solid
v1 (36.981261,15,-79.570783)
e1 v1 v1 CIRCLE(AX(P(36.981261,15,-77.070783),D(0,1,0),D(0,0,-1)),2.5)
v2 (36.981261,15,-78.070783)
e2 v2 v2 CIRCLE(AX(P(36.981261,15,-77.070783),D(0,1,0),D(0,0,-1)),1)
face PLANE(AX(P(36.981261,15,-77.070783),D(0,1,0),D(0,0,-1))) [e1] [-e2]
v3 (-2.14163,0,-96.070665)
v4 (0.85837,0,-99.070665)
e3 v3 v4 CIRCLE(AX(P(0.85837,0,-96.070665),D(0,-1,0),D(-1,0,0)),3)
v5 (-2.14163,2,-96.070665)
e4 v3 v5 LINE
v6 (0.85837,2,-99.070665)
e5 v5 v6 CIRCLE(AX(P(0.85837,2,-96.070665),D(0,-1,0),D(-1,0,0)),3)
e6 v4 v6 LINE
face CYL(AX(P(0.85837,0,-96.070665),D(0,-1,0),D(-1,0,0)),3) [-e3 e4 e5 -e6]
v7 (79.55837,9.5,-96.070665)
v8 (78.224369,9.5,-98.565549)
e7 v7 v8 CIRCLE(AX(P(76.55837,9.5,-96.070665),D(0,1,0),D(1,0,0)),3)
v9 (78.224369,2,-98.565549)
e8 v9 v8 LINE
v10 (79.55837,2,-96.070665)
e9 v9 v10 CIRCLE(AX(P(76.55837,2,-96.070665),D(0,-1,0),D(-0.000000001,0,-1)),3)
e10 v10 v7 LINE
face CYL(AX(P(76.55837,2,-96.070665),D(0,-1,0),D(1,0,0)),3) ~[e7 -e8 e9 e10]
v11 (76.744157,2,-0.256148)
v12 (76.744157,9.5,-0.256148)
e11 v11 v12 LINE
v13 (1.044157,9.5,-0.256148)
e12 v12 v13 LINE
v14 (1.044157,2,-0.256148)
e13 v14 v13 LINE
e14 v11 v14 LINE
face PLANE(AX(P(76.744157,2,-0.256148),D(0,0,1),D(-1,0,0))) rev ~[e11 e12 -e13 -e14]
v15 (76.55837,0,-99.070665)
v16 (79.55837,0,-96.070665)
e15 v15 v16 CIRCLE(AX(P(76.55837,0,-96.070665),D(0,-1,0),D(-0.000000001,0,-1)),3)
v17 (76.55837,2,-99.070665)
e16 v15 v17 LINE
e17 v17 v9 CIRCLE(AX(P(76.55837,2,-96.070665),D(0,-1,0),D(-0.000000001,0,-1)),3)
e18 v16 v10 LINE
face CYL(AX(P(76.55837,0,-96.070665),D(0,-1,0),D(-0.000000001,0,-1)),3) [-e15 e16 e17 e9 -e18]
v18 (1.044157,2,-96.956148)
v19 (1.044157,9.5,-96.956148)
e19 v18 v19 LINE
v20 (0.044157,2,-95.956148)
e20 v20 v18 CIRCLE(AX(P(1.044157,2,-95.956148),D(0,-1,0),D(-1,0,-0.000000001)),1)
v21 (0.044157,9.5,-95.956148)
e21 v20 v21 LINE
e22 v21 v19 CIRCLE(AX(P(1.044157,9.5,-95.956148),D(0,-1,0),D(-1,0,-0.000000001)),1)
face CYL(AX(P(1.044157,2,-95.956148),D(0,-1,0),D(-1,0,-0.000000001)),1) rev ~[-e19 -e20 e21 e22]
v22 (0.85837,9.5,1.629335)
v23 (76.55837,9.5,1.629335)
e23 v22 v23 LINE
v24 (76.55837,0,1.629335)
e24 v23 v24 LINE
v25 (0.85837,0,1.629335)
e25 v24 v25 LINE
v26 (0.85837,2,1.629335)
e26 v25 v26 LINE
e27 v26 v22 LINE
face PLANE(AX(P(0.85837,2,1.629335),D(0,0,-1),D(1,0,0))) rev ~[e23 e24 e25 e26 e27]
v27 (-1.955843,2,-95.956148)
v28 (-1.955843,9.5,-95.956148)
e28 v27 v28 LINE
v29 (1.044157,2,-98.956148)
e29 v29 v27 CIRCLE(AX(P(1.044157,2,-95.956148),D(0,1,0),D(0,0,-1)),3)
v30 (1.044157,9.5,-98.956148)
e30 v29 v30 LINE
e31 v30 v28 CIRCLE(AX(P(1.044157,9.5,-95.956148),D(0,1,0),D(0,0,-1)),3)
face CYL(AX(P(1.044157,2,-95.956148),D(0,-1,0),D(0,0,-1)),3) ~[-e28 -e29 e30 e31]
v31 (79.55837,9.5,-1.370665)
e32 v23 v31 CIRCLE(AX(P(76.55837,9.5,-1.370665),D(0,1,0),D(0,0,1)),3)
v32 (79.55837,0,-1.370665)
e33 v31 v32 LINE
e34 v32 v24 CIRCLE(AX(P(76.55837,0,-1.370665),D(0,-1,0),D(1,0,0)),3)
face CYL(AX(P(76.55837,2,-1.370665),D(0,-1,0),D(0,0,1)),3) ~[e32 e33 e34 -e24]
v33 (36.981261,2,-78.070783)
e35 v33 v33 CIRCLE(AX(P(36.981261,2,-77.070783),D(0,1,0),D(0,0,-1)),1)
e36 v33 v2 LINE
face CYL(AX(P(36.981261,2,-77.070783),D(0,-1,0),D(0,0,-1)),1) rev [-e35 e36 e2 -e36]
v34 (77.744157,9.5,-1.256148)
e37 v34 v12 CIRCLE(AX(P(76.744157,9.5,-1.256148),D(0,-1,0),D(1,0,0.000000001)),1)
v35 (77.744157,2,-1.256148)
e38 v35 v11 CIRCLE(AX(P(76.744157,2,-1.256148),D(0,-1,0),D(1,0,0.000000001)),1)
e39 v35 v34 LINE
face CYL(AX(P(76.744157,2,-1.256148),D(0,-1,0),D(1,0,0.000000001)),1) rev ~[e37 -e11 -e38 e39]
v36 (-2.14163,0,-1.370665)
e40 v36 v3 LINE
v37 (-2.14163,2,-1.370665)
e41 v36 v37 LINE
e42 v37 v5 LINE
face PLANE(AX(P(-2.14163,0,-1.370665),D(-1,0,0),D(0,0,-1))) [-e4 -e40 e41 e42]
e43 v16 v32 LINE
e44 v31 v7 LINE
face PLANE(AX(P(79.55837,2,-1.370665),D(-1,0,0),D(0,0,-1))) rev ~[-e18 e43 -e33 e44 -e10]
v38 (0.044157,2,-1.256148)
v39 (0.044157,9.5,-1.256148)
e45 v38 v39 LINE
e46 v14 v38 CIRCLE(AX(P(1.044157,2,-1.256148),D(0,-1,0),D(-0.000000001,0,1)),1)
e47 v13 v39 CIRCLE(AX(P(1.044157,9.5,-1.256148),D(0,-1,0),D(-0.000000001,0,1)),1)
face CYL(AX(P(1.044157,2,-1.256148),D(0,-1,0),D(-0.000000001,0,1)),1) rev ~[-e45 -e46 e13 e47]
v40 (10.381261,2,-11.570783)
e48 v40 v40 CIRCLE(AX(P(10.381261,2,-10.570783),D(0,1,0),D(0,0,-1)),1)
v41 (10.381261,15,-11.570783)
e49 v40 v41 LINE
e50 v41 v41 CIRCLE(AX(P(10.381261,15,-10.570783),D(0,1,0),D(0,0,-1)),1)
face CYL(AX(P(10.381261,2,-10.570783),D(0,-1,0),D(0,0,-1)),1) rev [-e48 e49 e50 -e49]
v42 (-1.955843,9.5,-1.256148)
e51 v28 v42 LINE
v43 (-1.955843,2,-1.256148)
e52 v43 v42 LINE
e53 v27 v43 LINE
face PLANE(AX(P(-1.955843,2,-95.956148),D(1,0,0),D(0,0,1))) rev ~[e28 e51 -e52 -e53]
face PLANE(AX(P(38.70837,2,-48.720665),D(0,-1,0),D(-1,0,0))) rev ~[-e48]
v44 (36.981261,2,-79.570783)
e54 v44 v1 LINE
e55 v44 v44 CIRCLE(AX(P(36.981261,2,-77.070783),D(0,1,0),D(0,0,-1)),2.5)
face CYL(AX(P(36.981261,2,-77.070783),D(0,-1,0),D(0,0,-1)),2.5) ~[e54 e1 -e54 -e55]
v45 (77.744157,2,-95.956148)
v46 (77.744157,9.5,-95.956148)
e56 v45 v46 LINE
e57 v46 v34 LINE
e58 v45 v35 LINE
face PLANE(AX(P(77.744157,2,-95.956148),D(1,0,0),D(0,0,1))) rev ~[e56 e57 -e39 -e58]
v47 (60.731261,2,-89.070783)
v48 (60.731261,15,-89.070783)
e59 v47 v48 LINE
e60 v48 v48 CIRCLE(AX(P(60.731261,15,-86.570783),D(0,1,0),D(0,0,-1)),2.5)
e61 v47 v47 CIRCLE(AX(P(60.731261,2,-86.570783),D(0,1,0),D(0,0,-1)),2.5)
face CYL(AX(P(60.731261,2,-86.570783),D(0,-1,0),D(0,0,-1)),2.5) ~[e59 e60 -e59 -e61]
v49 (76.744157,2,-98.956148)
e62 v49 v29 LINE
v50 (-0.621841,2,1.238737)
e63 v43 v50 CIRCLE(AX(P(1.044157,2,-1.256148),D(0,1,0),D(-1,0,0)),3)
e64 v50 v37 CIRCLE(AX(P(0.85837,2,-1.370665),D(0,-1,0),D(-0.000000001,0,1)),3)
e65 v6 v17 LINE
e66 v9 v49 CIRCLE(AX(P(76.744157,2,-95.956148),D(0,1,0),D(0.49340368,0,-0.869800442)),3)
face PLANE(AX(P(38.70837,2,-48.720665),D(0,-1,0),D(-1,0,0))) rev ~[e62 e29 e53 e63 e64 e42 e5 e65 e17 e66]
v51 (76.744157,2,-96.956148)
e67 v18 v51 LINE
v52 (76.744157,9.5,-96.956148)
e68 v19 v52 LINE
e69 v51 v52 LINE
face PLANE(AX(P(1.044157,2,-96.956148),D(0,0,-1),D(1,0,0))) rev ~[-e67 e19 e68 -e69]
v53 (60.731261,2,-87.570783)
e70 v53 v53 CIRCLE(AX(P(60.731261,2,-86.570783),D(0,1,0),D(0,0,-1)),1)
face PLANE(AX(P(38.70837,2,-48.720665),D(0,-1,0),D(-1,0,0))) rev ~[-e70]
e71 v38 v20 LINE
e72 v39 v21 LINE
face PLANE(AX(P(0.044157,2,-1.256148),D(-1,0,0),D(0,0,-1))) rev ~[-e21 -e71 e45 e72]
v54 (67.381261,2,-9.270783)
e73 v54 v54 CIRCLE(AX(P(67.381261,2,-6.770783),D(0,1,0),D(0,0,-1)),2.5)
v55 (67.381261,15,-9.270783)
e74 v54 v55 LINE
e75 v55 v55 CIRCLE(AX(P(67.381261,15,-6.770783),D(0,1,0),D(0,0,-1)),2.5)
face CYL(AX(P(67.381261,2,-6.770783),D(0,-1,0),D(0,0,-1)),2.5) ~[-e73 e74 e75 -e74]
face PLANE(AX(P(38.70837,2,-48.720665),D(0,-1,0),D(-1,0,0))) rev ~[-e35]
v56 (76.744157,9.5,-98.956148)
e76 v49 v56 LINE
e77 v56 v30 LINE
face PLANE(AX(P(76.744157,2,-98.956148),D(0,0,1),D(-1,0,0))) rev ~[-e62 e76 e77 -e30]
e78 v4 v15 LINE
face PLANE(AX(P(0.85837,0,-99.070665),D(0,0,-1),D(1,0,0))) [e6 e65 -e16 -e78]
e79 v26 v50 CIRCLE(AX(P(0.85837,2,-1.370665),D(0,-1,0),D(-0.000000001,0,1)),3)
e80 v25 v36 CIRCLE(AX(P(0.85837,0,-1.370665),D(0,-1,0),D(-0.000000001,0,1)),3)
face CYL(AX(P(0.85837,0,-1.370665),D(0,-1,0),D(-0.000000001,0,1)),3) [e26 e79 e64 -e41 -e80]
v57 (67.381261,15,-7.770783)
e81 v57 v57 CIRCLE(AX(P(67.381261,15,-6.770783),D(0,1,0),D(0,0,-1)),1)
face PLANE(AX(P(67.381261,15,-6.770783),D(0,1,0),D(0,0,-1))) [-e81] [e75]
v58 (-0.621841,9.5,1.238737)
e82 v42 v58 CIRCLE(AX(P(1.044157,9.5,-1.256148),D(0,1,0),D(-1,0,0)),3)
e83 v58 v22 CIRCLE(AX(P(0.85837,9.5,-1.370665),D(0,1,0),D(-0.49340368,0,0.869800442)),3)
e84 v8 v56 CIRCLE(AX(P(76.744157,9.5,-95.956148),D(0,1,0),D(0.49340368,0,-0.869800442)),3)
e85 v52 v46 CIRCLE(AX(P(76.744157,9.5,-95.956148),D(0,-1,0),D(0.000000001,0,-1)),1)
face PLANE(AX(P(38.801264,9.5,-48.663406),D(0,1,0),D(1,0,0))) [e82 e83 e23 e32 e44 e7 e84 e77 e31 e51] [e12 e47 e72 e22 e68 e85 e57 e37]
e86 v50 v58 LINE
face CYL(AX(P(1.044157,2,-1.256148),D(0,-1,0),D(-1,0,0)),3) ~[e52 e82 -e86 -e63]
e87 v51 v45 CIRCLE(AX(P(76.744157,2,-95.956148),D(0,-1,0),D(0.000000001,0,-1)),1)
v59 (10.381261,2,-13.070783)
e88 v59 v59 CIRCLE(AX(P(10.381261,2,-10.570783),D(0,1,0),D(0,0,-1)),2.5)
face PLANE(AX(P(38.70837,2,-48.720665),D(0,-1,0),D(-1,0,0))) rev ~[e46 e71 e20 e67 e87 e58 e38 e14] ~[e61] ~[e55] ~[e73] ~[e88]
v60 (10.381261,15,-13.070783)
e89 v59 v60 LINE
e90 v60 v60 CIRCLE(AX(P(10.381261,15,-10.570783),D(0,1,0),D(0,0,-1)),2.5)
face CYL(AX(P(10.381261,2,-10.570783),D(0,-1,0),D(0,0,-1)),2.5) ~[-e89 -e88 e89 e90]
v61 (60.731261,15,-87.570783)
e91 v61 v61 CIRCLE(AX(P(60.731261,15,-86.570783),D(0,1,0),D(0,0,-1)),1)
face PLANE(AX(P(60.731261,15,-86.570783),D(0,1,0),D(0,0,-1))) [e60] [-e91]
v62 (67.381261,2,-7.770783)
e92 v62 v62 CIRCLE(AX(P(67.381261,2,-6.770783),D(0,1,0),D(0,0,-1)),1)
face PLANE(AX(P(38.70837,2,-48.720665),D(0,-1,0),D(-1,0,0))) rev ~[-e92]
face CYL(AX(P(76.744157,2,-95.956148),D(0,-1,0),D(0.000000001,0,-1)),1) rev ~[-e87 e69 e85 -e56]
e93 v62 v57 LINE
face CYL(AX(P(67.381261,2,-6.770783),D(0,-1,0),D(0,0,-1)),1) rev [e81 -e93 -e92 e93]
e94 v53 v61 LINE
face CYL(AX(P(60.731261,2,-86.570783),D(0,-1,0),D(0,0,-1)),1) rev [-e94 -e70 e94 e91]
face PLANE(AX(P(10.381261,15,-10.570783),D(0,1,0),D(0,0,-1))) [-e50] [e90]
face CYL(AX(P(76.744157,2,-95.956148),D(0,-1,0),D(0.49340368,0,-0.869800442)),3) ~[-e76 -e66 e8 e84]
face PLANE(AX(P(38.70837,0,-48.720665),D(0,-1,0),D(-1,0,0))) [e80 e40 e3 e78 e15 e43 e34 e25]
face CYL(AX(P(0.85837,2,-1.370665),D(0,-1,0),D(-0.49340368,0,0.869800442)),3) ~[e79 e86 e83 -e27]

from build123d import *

# Parameters (mm, degrees)
BOSS_EXTRUDE1_DEPTH = 2
SKETCH2_R           = 2.5
SKETCH2_R_2         = 1
BOSS_EXTRUDE2_DEPTH = 13
BOSS_EXTRUDE3_DEPTH = 7.5


with BuildPart() as part:
    # Sketch1 → Boss-Extrude1 (new body)
    with BuildSketch(Plane(origin=(0, 0, 0), x_dir=(1, 0, 0), z_dir=(0, 1, 0))):
        with BuildLine():
            Line((0.858370189, 99.070664528), (76.558370189, 99.070664528))
            ThreePointArc((76.558370189, 99.070664528), (78.679690533, 98.191984872), (79.558370189, 96.070664528))
            Line((79.558370189, 96.070664528), (79.558370189, 1.370664528))
            ThreePointArc((79.558370189, 1.370664528), (78.679690533, -0.750655815), (76.558370189, -1.629335472))
            Line((76.558370189, -1.629335472), (0.858370189, -1.629335472))
            ThreePointArc((0.858370189, -1.629335472), (-1.262950154, -0.750655815), (-2.141629811, 1.370664528))
            Line((-2.141629811, 1.370664528), (-2.141629811, 96.070664528))
            ThreePointArc((-2.141629811, 96.070664528), (-1.262950154, 98.191984872), (0.858370189, 99.070664528))
        make_face()
    extrude(amount=BOSS_EXTRUDE1_DEPTH)

    # Sketch2 → Boss-Extrude2 (add)
    # profile 1 of 4: a face of its own
    with BuildSketch(Plane(origin=(0, 2, 0), x_dir=(1, 0, 0), z_dir=(0, 1, 0))):
        with Locations(Location((10.381260955, 10.570783491, 0), (0, 0, 90))):
            Circle(SKETCH2_R)
        with Locations(Location((10.381260955, 10.570783491, 0), (0, 0, 90))):
            Circle(SKETCH2_R_2, mode=Mode.SUBTRACT)
    # profile 2 of 4: a face of its own
    with BuildSketch(Plane(origin=(0, 2, 0), x_dir=(1, 0, 0), z_dir=(0, 1, 0))):
        with Locations(Location((67.381260955, 6.770783491, 0), (0, 0, 90))):
            Circle(SKETCH2_R)
        with Locations(Location((67.381260955, 6.770783491, 0), (0, 0, 90))):
            Circle(SKETCH2_R_2, mode=Mode.SUBTRACT)
    # profile 3 of 4: a face of its own
    with BuildSketch(Plane(origin=(0, 2, 0), x_dir=(1, 0, 0), z_dir=(0, 1, 0))):
        with Locations(Location((60.731260955, 86.570783491, 0), (0, 0, 90))):
            Circle(SKETCH2_R)
        with Locations(Location((60.731260955, 86.570783491, 0), (0, 0, 90))):
            Circle(SKETCH2_R_2, mode=Mode.SUBTRACT)
    # profile 4 of 4: a face of its own
    with BuildSketch(Plane(origin=(0, 2, 0), x_dir=(1, 0, 0), z_dir=(0, 1, 0))):
        with Locations(Location((36.981260955, 77.070783491, 0), (0, 0, 90))):
            Circle(SKETCH2_R)
        with Locations(Location((36.981260955, 77.070783491, 0), (0, 0, 90))):
            Circle(SKETCH2_R_2, mode=Mode.SUBTRACT)
    extrude(amount=BOSS_EXTRUDE2_DEPTH)

    # Sketch3 → Boss-Extrude3 (add)
    with BuildSketch(Plane(origin=(0, 2, 0), x_dir=(1, 0, 0), z_dir=(0, 1, 0))):
        with BuildLine():
            Line((76.744157469, 98.956147889), (1.044157469, 98.956147889))
            ThreePointArc((1.044157469, 98.956147889), (-1.077162875, 98.077468232), (-1.955842531, 95.956147889))
            Line((-1.955842531, 95.956147889), (-1.955842531, 1.256147889))
            ThreePointArc((-1.955842531, 1.256147889), (-1.601404378, -0.158420071), (-0.621840855, -1.238736795))
            ThreePointArc((-0.621840855, -1.238736795), (0.092930436, -1.530042624), (0.858370189, -1.629335472))
            Line((0.858370189, -1.629335472), (76.558370189, -1.629335472))
            ThreePointArc((76.558370189, -1.629335472), (78.679690533, -0.750655815), (79.558370189, 1.370664528))
            Line((79.558370189, 1.370664528), (79.558370189, 96.070664528))
            ThreePointArc((79.558370189, 96.070664528), (79.203932036, 97.485232488), (78.224368514, 98.565549212))
            ThreePointArc((78.224368514, 98.565549212), (77.509597222, 98.856855041), (76.744157469, 98.956147889))
        make_face()
        with BuildLine():
            ThreePointArc((0.044157469, 95.956147889), (0.337050688, 96.66325467), (1.044157469, 96.956147889))
            Line((1.044157469, 96.956147889), (76.744157469, 96.956147889))
            ThreePointArc((76.744157469, 96.956147889), (77.45126425, 96.66325467), (77.744157469, 95.956147889))
            Line((77.744157469, 95.956147889), (77.744157469, 1.256147889))
            ThreePointArc((77.744157469, 1.256147889), (77.45126425, 0.549041108), (76.744157469, 0.256147889))
            Line((76.744157469, 0.256147889), (1.044157469, 0.256147889))
            ThreePointArc((1.044157469, 0.256147889), (0.337050688, 0.549041108), (0.044157469, 1.256147889))
            Line((0.044157469, 1.256147889), (0.044157469, 95.956147889))
        make_face(mode=Mode.SUBTRACT)
    extrude(amount=BOSS_EXTRUDE3_DEPTH)


solid = part.part
